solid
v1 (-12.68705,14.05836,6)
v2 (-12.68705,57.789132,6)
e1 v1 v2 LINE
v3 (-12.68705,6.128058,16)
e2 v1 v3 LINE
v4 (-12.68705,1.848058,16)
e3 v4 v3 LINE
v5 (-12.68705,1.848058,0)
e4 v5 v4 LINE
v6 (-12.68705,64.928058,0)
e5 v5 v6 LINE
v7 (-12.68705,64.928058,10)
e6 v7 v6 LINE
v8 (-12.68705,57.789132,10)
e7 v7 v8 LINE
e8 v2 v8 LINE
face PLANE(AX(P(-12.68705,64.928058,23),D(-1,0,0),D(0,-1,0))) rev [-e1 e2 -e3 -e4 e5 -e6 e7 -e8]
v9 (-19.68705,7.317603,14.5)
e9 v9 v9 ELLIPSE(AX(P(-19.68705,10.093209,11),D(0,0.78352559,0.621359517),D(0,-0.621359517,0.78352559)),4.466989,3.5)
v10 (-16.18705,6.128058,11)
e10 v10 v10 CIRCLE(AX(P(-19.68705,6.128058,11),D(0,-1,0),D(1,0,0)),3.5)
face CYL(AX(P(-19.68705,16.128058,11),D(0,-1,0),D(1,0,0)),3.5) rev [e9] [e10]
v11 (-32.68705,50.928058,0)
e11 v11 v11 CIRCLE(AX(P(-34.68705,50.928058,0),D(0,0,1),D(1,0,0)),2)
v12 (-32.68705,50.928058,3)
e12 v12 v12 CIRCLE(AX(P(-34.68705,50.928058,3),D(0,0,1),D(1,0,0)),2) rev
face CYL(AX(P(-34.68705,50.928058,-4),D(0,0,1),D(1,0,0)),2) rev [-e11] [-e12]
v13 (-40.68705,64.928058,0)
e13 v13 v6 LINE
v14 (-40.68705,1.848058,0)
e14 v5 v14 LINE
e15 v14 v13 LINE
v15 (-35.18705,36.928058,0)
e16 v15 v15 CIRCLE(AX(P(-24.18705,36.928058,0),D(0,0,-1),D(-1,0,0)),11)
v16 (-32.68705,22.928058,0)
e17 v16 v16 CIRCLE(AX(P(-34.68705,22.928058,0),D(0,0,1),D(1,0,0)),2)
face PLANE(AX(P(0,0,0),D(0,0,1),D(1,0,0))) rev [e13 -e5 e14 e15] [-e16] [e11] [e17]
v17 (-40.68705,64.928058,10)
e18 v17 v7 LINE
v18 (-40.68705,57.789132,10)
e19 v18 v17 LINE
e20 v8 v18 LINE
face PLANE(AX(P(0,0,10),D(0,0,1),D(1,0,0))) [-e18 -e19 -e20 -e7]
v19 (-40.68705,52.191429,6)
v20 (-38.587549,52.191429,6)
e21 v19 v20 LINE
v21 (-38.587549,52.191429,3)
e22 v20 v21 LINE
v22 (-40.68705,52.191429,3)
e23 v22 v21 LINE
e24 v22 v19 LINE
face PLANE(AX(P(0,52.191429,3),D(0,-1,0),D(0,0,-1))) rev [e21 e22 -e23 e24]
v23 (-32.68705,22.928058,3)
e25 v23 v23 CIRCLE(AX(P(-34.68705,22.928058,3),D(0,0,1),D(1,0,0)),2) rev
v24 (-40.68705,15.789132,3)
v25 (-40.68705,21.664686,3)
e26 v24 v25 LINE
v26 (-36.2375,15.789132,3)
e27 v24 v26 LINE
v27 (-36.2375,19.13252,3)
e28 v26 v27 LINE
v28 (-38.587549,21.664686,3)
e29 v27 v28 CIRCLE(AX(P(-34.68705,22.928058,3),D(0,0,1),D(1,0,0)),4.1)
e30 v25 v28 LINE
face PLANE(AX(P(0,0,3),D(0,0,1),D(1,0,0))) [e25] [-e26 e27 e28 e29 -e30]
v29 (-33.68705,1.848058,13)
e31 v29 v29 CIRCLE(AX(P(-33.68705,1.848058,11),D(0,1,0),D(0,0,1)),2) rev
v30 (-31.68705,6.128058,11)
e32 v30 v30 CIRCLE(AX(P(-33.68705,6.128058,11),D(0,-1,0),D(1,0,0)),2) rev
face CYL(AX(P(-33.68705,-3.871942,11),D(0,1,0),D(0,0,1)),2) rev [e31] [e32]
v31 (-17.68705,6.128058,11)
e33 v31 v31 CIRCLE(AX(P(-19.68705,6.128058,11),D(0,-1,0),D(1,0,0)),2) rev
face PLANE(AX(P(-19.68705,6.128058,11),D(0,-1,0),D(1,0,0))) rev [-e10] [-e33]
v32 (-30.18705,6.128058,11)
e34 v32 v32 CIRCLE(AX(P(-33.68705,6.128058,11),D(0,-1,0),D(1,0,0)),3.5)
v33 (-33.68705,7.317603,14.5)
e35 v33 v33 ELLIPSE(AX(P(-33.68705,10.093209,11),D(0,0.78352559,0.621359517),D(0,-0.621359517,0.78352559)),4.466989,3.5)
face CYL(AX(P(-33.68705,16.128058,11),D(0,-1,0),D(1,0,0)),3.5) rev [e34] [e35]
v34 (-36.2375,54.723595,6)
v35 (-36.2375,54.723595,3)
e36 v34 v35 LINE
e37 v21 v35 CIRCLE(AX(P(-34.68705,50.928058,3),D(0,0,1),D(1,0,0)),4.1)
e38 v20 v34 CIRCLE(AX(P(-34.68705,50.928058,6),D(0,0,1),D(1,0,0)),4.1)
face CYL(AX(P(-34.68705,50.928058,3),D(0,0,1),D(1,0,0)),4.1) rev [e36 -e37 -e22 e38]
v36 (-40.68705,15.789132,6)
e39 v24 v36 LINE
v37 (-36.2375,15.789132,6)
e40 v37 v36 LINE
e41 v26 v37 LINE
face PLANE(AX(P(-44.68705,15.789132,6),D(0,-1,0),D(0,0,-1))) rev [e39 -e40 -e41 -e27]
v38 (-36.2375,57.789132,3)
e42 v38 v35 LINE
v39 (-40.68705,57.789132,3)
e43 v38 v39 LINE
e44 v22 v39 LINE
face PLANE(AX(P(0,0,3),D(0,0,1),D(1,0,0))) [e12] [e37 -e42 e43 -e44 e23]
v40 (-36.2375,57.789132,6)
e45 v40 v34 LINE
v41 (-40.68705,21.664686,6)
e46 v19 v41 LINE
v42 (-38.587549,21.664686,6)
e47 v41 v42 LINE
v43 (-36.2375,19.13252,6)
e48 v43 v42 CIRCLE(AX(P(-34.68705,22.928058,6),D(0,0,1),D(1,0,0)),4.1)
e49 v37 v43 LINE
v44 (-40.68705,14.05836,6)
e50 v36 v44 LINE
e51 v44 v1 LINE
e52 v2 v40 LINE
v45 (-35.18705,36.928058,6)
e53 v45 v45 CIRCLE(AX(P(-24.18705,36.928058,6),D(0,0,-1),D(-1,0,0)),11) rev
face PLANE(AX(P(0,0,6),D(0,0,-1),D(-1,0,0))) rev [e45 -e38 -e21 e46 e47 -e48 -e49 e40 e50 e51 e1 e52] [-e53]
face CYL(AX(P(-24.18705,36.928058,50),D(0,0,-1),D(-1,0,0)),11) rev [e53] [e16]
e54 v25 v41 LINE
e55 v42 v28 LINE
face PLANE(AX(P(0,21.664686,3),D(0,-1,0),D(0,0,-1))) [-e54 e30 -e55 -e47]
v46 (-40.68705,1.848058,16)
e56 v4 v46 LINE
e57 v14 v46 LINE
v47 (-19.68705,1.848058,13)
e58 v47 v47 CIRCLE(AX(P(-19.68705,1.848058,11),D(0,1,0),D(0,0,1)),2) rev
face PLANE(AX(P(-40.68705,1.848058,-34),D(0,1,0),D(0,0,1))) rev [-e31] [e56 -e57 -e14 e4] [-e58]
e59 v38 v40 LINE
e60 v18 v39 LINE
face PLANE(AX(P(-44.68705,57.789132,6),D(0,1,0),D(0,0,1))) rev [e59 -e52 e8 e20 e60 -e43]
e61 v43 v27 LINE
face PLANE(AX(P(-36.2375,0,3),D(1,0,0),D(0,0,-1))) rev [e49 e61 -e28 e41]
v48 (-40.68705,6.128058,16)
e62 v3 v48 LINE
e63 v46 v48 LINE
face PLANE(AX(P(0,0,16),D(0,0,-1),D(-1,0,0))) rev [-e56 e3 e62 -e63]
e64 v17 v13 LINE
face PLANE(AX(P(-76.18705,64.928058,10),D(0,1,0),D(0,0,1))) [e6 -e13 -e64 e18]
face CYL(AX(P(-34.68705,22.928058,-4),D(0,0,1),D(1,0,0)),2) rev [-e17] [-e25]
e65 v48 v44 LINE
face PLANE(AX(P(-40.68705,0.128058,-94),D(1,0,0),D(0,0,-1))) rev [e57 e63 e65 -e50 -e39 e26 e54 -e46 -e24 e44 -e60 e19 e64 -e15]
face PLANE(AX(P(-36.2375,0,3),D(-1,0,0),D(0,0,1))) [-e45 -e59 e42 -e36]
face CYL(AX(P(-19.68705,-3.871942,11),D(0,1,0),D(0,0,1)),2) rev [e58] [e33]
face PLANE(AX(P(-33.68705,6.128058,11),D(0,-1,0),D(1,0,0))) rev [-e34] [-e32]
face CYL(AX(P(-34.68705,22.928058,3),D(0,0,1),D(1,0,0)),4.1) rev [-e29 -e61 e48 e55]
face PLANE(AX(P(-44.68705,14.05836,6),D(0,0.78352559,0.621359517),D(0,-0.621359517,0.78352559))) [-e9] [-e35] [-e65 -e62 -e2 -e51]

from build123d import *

# Parameters (mm, degrees)
SKETCH1_W            = 93
SKETCH1_H            = 100
BOSS_EXTRUDE2_DEPTH  = 10
SKETCH4_W            = 10.01
SKETCH4_H            = 15
BOSS_EXTRUDE4_DEPTH  = 24
SKETCH5_R            = 2
CUT_EXTRUDE1_DEPTH   = 50
SKETCH7_R            = 11
CUT_EXTRUDE3_DEPTH   = 50
SKETCH14_W           = 61.5
SKETCH14_H           = 42
CUT_EXTRUDE8_DEPTH   = 4
SKETCH19_R           = 11
CUT_EXTRUDE11_DEPTH  = 15
SKETCH20_R           = 2
CUT_EXTRUDE12_DEPTH  = 10
SKETCH21_W           = 40
SKETCH21_H           = 6
BOSS_EXTRUDE5_DEPTH  = 27
SKETCH22_W           = 40
SKETCH22_H           = 6.3
BOSS_EXTRUDE7_DEPTH  = 40
SKETCH23_R           = 8
CUT_EXTRUDE13_DEPTH  = 40
SKETCH24_W           = 118.277817783
SKETCH24_H           = 41.8
CUT_EXTRUDE14_DEPTH  = 40
SKETCH25_W           = 31.5
SKETCH25_H           = 23.2
CUT_EXTRUDE15_DEPTH  = 20
CUT_EXTRUDE18_DEPTH  = 3
SKETCH27_R           = 4.1
SKETCH27_R_2         = 4
CUT_EXTRUDE29_DEPTH  = 3
SKETCH28_W           = 29.5
SKETCH28_H           = 58.2
CUT_EXTRUDE30_DEPTH  = 23
SKETCH29_W           = 32
SKETCH29_H           = 4
CUT_EXTRUDE31_DEPTH  = 23
SKETCH31_W           = 32
SKETCH31_H           = 6
BOSS_EXTRUDE9_DEPTH  = 6.6
SKETCH32_W           = 32
SKETCH32_H           = 6
BOSS_EXTRUDE10_DEPTH = 10
SKETCH33_R           = 2
CUT_EXTRUDE32_DEPTH  = 10
BOSS_EXTRUDE11_START = -32
BOSS_EXTRUDE11_DEPTH = 32
SKETCH35_R           = 3.5
CUT_EXTRUDE33_DEPTH  = 10
SKETCH36_W           = 27
SKETCH36_H           = 46
CUT_EXTRUDE34_DEPTH  = 50
SKETCH38_W           = 31.75
SKETCH38_H           = 35
CUT_EXTRUDE35_DEPTH  = 50
SKETCH40_W           = 4
SKETCH40_H           = 77.818306413
CUT_EXTRUDE37_DEPTH  = 110
SKETCH41_W           = 28
SKETCH41_H           = 1.72
CUT_EXTRUDE38_DEPTH  = 50


with BuildPart() as part:
    # Sketch1 → Boss-Extrude2 (new body)
    with BuildSketch(Plane.XY):
        with Locations((-29.68705036, 14.928057554)):
            Rectangle(SKETCH1_W, SKETCH1_H)
    extrude(amount=BOSS_EXTRUDE2_DEPTH)

    # Sketch4 → Boss-Extrude4 (add)
    with BuildSketch(Plane(origin=(16.81294964, 0, 0), x_dir=(0, 0, -1), z_dir=(1, 0, 0))):
        with Locations((-4.995, -12.571942446)):
            Rectangle(SKETCH4_W, SKETCH4_H)
    extrude(amount=BOSS_EXTRUDE4_DEPTH)

    # Sketch5 → Cut-Extrude1 (cut)
    with BuildSketch(Plane(origin=(0, -5.071942446, 0), x_dir=(1, 0, 0), z_dir=(0, 1, 0))):
        with Locations(Location((26.81294964, -5, 0), (0, 0, 180))):
            Circle(SKETCH5_R)
    extrude(amount=-CUT_EXTRUDE1_DEPTH, mode=Mode.SUBTRACT)

    # Sketch7 → Cut-Extrude3 (cut)
    with BuildSketch(Plane(origin=(0, 0, 0), x_dir=(-1, 0, 0), z_dir=(0, 0, -1))):
        with Locations((24.18705036, 36.928057554)):
            Circle(SKETCH7_R)
    extrude(amount=-CUT_EXTRUDE3_DEPTH, mode=Mode.SUBTRACT)

    # Sketch14 → Cut-Extrude8 (cut)
    with BuildSketch(Plane.XY.offset(10)):
        with Locations((-13.93705036, 36.789132279)):
            Rectangle(SKETCH14_W, SKETCH14_H)
    extrude(amount=-CUT_EXTRUDE8_DEPTH, mode=Mode.SUBTRACT)

    # Sketch19 → Cut-Extrude11 (cut)
    with BuildSketch(Plane(origin=(0, 0, 0), x_dir=(-1, 0, 0), z_dir=(0, 0, -1))):
        with Locations((53.18705036, 36.928057554)):
            Circle(SKETCH19_R)
    extrude(amount=-CUT_EXTRUDE11_DEPTH, mode=Mode.SUBTRACT)

    # Sketch20 → Cut-Extrude12 (cut)
    with BuildSketch(Plane.XY.offset(6)):
        with Locations((-34.68705036, 50.928057554)):
            Circle(SKETCH20_R)
        with Locations((5.31294964, 50.928057554)):
            Circle(SKETCH20_R)
        with Locations((-34.68705036, 22.928057554)):
            Circle(SKETCH20_R)
        with Locations((5.31294964, 22.928057554)):
            Circle(SKETCH20_R)
    extrude(amount=-CUT_EXTRUDE12_DEPTH, mode=Mode.SUBTRACT)

    # Sketch21 → Boss-Extrude5 (add)
    with BuildSketch(Plane(origin=(0, 0, 0), x_dir=(-1, 0, 0), z_dir=(0, 0, -1))):
        with Locations((56.18705036, 61.928057554)):
            Rectangle(SKETCH21_W, SKETCH21_H)
    extrude(amount=BOSS_EXTRUDE5_DEPTH)

    # Sketch22 → Boss-Extrude7 (add)
    with BuildSketch(Plane.XZ.offset(-58.928057554)):
        with Locations((-56.18705036, -23.85)):
            Rectangle(SKETCH22_W, SKETCH22_H)
    extrude(amount=BOSS_EXTRUDE7_DEPTH)

    # Sketch23 → Cut-Extrude13 (cut)
    with BuildSketch(Plane.XY.offset(10)):
        with Locations((-53.18705036, 36.928057554)):
            Circle(SKETCH23_R)
    extrude(amount=-CUT_EXTRUDE13_DEPTH, mode=Mode.SUBTRACT)

    # Sketch24 → Cut-Extrude14 (cut)
    with BuildSketch(Plane.XY.offset(10)):
        with Locations((-17.048141468, -14.171942446)):
            Rectangle(SKETCH24_W, SKETCH24_H)
    extrude(amount=-CUT_EXTRUDE14_DEPTH, mode=Mode.SUBTRACT)

    # Sketch25 → Cut-Extrude15 (cut)
    with BuildSketch(Plane.XY.offset(10)):
        with Locations((-60.43705036, 18.328057554)):
            Rectangle(SKETCH25_W, SKETCH25_H)
    extrude(amount=-CUT_EXTRUDE15_DEPTH, mode=Mode.SUBTRACT)

    # Sketch26 → Cut-Extrude18 (cut)
    with BuildSketch(Plane.XY.offset(6)):
        with BuildLine():
            Line((14.30212304, 57.789132279), (6.863398886, 57.789132279))
            Line((6.863398886, 57.789132279), (6.863398886, 54.615347499))
            ThreePointArc((6.863398886, 54.615347499), (8.24773413, 53.645968516), (9.108195728, 52.191428892))
            Line((9.108195728, 52.191428892), (14.30212304, 52.191428892))
            Line((14.30212304, 52.191428892), (14.30212304, 57.789132279))
        make_face()
        with BuildLine():
            Line((6.863398886, 19.240767609), (6.863398886, 15.789132279))
            Line((6.863398886, 15.789132279), (14.30212304, 15.789132279))
            Line((14.30212304, 15.789132279), (14.30212304, 20.928057554))
            Line((14.30212304, 20.928057554), (8.777051255, 20.928057554))
            ThreePointArc((8.777051255, 20.928057554), (7.95835451, 19.927752057), (6.863398886, 19.240767609))
        make_face()
        with BuildLine():
            Line((-36.237499605, 57.789132279), (-44.68705036, 57.789132279))
            Line((-44.68705036, 57.789132279), (-44.68705036, 52.191428892))
            Line((-44.68705036, 52.191428892), (-38.482296447, 52.191428892))
            ThreePointArc((-38.482296447, 52.191428892), (-37.621834849, 53.645968516), (-36.237499605, 54.615347499))
            Line((-36.237499605, 54.615347499), (-36.237499605, 57.789132279))
        make_face()
        with BuildLine():
            Line((-44.68705036, 21.664686216), (-44.68705036, 15.789132279))
            Line((-44.68705036, 15.789132279), (-36.237499605, 15.789132279))
            Line((-36.237499605, 15.789132279), (-36.237499605, 19.240767609))
            ThreePointArc((-36.237499605, 19.240767609), (-37.621834849, 20.210146592), (-38.482296447, 21.664686216))
            Line((-38.482296447, 21.664686216), (-44.68705036, 21.664686216))
        make_face()
    extrude(amount=-CUT_EXTRUDE18_DEPTH, mode=Mode.SUBTRACT)

    # Sketch27 → Cut-Extrude29 (cut)
    with BuildSketch(Plane.XY.offset(6)):
        with Locations((5.31294964, 50.928057554)):
            Circle(SKETCH27_R)
        with Locations((5.31294964, 22.928057554)):
            Circle(SKETCH27_R_2)
        with Locations((-34.68705036, 50.928057554)):
            Circle(SKETCH27_R)
        with Locations((-34.68705036, 22.928057554)):
            Circle(SKETCH27_R)
    extrude(amount=-CUT_EXTRUDE29_DEPTH, mode=Mode.SUBTRACT)

    # Sketch28 → Cut-Extrude30 (cut)
    with BuildSketch(Plane(origin=(0, 0, 0), x_dir=(-1, 0, 0), z_dir=(0, 0, -1))):
        with Locations((-2.06294964, 35.828057554)):
            Rectangle(SKETCH28_W, SKETCH28_H)
    extrude(amount=-CUT_EXTRUDE30_DEPTH, mode=Mode.SUBTRACT)

    # Sketch29 → Cut-Extrude31 (cut)
    with BuildSketch(Plane(origin=(0, 15.789132279, 0), x_dir=(1, 0, 0), z_dir=(0, 1, 0))):
        with Locations((-28.68705036, -8)):
            Rectangle(SKETCH29_W, SKETCH29_H)
    extrude(amount=-CUT_EXTRUDE31_DEPTH, mode=Mode.SUBTRACT)

    # Sketch31 → Boss-Extrude9 (add)
    with BuildSketch(Plane.XZ.offset(-6.728057554)):
        with Locations((-28.68705036, 3)):
            Rectangle(SKETCH31_W, SKETCH31_H)
    extrude(amount=BOSS_EXTRUDE9_DEPTH)

    # Sketch32 → Boss-Extrude10 (add)
    with BuildSketch(Plane.XY.offset(6)):
        with Locations((-28.68705036, 3.128057554)):
            Rectangle(SKETCH32_W, SKETCH32_H)
    extrude(amount=BOSS_EXTRUDE10_DEPTH)

    # Sketch33 → Cut-Extrude32 (cut)
    with BuildSketch(Plane(origin=(0, 6.128057554, 0), x_dir=(1, 0, 0), z_dir=(0, 1, 0))):
        with Locations(Location((-33.68705036, -11, 0), (0, 0, 270))):
            Circle(SKETCH33_R)
        with Locations(Location((-19.68705036, -11, 0), (0, 0, 270))):
            Circle(SKETCH33_R)
    extrude(amount=-CUT_EXTRUDE32_DEPTH, mode=Mode.SUBTRACT)

    # Sketch34 → Boss-Extrude11 (add)
    with BuildSketch(Plane(origin=(-12.68705036, 0, 0), x_dir=(0, 0, -1), z_dir=(1, 0, 0)).offset(BOSS_EXTRUDE11_START)):
        Polygon((-16, 6.128057554), (-6, 6.128057554), (-6, 14.058360342), align=None)
    extrude(amount=BOSS_EXTRUDE11_DEPTH)

    # Sketch35 → Cut-Extrude33 (cut)
    with BuildSketch(Plane.XZ.offset(-6.128057554)):
        with Locations((-19.68705036, 11)):
            Circle(SKETCH35_R)
        with Locations((-33.68705036, 11)):
            Circle(SKETCH35_R)
    extrude(amount=-CUT_EXTRUDE33_DEPTH, mode=Mode.SUBTRACT)

    # Sketch36 → Cut-Extrude34 (cut)
    with BuildSketch(Plane(origin=(-36.18705036, 0, 0), x_dir=(0, 0, -1), z_dir=(1, 0, 0))):
        with Locations((13.5, 41.928057554)):
            Rectangle(SKETCH36_W, SKETCH36_H)
    extrude(amount=-CUT_EXTRUDE34_DEPTH, mode=Mode.SUBTRACT)

    # Sketch38 → Cut-Extrude35 (cut)
    with BuildSketch(Plane.XY.offset(10)):
        with Locations((-60.31205036, 47.428057554)):
            Rectangle(SKETCH38_W, SKETCH38_H)
    extrude(amount=-CUT_EXTRUDE35_DEPTH, mode=Mode.SUBTRACT)

    # Sketch40 → Cut-Extrude37 (cut)
    with BuildSketch(Plane.XY.offset(16)):
        with Locations((-42.68705036, 39.037210761)):
            Rectangle(SKETCH40_W, SKETCH40_H)
    extrude(amount=-CUT_EXTRUDE37_DEPTH, mode=Mode.SUBTRACT)

    # Sketch41 → Cut-Extrude38 (cut)
    with BuildSketch(Plane.XY.offset(16)):
        with Locations((-26.68705036, 0.988057554)):
            Rectangle(SKETCH41_W, SKETCH41_H)
    extrude(amount=-CUT_EXTRUDE38_DEPTH, mode=Mode.SUBTRACT)


solid = part.part
